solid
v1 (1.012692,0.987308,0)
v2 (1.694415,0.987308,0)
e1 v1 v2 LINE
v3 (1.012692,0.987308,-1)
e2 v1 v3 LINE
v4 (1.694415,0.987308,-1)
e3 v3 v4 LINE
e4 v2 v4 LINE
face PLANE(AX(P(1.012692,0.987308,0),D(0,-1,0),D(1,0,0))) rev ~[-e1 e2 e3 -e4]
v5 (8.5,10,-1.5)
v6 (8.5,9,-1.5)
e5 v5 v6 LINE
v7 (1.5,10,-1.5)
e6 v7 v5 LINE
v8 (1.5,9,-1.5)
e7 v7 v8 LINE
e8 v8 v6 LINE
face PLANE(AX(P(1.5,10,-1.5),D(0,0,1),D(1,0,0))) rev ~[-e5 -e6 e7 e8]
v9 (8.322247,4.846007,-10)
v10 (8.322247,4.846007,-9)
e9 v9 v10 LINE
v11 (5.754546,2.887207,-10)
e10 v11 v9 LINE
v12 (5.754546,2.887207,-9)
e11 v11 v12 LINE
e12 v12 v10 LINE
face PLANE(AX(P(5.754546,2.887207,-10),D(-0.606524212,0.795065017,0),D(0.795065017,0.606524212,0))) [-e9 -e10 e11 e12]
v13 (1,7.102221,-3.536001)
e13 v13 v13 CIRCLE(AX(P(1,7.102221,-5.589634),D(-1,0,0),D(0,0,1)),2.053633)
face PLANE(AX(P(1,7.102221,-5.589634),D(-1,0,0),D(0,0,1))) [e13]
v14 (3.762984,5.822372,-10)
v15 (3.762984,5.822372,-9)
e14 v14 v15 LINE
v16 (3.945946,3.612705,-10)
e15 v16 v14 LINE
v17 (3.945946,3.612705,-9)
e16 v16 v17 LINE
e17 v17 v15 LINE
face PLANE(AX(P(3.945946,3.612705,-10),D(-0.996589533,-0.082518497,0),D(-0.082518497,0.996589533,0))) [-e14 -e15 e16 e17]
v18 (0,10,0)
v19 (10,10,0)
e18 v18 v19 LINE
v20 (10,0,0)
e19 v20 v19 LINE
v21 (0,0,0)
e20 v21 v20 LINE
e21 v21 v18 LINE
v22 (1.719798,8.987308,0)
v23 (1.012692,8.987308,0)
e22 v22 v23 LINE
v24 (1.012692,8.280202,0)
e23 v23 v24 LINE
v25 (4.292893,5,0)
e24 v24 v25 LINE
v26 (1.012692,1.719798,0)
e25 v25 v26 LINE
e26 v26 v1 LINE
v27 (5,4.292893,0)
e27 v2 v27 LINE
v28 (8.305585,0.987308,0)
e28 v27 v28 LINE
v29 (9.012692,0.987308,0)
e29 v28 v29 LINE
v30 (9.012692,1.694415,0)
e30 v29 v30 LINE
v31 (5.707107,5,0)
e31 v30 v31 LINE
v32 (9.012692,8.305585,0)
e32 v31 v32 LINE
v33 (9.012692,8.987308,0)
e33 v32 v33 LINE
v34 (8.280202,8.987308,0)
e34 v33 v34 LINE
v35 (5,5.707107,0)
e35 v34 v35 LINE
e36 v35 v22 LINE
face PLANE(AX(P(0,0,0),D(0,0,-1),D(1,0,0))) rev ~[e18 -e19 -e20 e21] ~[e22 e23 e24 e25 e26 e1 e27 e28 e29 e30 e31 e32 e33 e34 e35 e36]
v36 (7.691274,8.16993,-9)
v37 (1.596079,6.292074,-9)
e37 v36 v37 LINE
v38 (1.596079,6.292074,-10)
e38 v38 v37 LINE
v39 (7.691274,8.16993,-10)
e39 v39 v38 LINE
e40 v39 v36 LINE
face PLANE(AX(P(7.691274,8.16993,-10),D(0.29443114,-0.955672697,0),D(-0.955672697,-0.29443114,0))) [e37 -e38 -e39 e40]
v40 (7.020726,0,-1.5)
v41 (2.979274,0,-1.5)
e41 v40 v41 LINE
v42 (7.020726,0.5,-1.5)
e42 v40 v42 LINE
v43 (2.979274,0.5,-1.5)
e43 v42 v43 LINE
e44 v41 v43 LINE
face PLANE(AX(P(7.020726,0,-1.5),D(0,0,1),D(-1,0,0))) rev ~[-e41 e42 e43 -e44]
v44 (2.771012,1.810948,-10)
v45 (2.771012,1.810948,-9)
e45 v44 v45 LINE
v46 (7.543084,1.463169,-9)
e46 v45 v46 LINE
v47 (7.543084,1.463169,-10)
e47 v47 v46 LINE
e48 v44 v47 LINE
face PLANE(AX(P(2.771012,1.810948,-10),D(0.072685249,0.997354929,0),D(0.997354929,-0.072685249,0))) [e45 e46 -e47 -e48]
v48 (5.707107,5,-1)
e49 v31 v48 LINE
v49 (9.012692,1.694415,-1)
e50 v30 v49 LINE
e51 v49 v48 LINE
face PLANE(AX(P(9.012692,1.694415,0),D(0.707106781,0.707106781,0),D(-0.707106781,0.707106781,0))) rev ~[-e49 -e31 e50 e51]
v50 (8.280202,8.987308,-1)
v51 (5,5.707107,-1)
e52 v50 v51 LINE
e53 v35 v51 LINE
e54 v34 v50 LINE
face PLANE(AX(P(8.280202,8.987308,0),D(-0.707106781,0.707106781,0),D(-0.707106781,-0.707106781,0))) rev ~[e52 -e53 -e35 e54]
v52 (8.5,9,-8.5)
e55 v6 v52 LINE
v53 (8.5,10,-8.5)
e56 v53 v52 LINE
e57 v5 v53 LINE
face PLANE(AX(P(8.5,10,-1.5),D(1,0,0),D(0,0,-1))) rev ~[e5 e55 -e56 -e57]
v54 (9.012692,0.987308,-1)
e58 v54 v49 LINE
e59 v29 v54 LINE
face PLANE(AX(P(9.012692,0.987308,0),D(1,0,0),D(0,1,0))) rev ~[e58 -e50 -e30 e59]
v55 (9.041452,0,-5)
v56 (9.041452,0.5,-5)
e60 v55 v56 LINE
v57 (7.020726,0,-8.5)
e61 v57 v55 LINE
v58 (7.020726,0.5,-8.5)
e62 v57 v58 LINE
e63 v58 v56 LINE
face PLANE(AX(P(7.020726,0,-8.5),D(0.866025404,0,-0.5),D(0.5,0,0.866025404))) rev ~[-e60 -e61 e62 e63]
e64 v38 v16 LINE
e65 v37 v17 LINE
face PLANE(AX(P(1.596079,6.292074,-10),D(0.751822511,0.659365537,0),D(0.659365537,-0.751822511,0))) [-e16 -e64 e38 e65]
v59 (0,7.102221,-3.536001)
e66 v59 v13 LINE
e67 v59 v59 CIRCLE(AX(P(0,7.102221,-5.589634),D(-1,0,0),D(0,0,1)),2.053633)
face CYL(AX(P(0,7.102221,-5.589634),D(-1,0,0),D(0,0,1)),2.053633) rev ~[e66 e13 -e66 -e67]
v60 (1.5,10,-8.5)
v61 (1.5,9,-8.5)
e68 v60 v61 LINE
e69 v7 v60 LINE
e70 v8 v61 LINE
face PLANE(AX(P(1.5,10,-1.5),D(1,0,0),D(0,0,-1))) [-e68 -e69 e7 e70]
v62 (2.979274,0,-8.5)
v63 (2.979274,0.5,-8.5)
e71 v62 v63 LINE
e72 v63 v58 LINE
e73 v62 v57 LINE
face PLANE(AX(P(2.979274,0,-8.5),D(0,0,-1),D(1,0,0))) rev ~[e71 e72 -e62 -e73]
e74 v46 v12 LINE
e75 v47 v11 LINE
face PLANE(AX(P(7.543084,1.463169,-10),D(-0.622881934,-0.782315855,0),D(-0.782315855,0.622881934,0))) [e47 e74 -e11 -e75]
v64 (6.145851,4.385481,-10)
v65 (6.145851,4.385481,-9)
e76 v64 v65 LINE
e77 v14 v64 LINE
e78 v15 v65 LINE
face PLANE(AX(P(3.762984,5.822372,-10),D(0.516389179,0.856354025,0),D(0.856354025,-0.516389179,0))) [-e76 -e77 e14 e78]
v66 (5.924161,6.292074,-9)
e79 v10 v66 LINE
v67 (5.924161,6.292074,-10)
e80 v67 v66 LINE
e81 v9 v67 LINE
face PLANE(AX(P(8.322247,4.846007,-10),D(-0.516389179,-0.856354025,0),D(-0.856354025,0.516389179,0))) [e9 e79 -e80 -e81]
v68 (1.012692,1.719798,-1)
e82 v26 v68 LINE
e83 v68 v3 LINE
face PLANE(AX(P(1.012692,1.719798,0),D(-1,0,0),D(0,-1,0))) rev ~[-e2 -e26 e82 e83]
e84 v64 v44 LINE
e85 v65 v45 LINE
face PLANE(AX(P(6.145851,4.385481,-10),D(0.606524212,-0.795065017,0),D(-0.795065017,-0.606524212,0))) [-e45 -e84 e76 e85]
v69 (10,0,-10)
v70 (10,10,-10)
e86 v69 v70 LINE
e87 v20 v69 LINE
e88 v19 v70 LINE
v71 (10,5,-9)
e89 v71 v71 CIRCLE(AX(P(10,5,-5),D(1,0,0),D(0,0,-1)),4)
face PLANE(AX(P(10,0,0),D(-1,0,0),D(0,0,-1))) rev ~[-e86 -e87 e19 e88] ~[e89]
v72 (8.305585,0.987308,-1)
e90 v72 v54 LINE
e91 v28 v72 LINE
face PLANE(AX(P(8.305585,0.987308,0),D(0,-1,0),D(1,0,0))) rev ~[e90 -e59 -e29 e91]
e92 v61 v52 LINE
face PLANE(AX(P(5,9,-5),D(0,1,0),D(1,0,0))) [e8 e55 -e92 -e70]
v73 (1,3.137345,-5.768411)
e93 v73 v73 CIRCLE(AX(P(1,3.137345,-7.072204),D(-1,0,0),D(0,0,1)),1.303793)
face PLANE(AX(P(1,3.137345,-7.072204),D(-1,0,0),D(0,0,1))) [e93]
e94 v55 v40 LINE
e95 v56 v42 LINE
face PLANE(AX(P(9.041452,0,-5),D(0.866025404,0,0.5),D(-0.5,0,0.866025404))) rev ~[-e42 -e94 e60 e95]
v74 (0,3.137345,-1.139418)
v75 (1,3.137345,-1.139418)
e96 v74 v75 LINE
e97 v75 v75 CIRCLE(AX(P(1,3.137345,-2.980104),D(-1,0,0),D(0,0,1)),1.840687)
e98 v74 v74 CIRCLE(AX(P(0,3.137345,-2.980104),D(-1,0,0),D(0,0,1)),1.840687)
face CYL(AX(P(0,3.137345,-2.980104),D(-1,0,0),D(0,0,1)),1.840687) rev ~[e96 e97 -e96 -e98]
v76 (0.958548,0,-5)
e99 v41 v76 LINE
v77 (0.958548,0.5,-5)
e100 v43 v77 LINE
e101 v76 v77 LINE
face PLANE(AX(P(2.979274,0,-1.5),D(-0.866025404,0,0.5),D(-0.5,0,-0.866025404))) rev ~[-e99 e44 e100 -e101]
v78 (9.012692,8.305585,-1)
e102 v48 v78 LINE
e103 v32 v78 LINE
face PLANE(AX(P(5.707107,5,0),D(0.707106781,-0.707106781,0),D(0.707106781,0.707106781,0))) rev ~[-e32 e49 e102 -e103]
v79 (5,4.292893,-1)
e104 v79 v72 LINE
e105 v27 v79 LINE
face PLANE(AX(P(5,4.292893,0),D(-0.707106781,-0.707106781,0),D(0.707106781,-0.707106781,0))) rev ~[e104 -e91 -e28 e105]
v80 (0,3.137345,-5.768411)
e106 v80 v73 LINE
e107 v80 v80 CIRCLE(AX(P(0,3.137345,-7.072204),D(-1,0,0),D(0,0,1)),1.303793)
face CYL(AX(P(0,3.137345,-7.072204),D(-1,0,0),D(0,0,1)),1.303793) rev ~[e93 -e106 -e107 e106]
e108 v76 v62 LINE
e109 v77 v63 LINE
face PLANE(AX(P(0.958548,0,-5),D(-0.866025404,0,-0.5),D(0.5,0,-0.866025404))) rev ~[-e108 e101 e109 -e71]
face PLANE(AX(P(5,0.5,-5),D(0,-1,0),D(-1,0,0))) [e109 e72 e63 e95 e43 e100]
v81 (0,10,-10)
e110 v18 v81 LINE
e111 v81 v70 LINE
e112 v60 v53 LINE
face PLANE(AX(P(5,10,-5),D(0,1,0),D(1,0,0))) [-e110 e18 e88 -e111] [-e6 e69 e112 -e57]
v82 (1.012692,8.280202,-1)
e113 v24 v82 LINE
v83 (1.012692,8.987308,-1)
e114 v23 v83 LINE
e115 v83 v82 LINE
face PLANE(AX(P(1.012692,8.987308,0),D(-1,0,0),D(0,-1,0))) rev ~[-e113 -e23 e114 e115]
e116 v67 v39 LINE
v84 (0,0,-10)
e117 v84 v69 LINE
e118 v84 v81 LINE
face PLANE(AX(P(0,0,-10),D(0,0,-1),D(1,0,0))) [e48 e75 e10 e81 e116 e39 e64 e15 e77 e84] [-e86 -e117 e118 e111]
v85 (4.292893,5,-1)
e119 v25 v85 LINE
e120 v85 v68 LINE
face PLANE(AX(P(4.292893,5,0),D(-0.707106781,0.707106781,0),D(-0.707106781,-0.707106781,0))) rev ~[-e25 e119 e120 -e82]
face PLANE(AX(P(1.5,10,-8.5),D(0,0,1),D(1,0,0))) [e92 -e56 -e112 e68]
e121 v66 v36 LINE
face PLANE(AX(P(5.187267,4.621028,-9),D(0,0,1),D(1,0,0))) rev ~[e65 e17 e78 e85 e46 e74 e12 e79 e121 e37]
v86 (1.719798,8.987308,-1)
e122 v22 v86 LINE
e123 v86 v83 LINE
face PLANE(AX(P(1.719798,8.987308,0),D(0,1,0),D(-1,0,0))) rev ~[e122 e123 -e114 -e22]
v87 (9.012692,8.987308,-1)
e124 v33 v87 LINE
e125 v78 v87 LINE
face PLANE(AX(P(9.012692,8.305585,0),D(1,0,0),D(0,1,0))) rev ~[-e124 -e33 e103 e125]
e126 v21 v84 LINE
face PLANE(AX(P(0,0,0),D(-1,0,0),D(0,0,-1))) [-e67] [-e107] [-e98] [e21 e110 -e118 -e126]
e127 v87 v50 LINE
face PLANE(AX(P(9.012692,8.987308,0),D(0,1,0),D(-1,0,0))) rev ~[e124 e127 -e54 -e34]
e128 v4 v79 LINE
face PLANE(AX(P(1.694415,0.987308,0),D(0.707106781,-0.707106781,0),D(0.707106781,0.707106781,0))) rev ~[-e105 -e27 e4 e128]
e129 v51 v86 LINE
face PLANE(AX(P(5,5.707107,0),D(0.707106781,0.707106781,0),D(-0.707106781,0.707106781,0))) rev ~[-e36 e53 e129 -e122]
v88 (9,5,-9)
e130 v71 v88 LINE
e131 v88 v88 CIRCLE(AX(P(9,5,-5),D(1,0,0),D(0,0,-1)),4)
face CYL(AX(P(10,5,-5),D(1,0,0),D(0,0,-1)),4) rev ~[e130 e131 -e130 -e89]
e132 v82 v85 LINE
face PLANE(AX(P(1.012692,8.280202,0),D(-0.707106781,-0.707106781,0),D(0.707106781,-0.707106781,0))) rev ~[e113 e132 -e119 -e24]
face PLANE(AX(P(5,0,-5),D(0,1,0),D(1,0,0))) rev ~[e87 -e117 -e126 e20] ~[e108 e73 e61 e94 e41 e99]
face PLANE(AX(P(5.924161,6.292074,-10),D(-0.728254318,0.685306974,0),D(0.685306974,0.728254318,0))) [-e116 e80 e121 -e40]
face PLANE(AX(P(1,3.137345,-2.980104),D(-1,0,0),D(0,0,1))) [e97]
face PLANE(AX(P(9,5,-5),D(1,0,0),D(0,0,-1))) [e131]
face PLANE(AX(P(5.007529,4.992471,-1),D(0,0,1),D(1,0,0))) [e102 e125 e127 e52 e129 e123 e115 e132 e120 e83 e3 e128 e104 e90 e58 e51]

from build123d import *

# Parameters (mm, degrees)
SKETCH2_W           = 10
SKETCH2_H           = 10
BOSS_EXTRUDE1_DEPTH = 10
CUT_EXTRUDE1_DEPTH  = 1
SKETCH4_R           = 4
CUT_EXTRUDE2_DEPTH  = 1
SKETCH5_W           = 7
SKETCH5_H           = 7
CUT_EXTRUDE3_DEPTH  = 1
CUT_EXTRUDE4_DEPTH  = 1
SKETCH7_R           = 1.303792798
SKETCH7_R_2         = 2.05363311
SKETCH7_R_3         = 1.840686576
CUT_EXTRUDE5_DEPTH  = 1
CUT_EXTRUDE13_DEPTH = 0.5


with BuildPart() as part:
    # Sketch2 → Boss-Extrude1 (new body)
    with BuildSketch(Plane(origin=(0, 0, 0), x_dir=(1, 0, 0), z_dir=(0, 1, 0))):
        with Locations((5, 5)):
            Rectangle(SKETCH2_W, SKETCH2_H)
    extrude(amount=BOSS_EXTRUDE1_DEPTH)

    # Sketch3 → Cut-Extrude1 (cut)
    with BuildSketch(Plane.XY):
        Polygon((8.305584857, 0.987308362), (9.012691638, 0.987308362), (9.012691638, 1.694415143), (5.707106781, 5), (9.012691638, 8.305584857), (9.012691638, 8.987308362), (8.280201581, 8.987308362), (5, 5.707106781), (1.719798419, 8.987308362), (1.012691638, 8.987308362), (1.012691638, 8.280201581), (4.292893219, 5), (1.012691638, 1.719798419), (1.012691638, 0.987308362), (1.694415143, 0.987308362), (5, 4.292893219), align=None)
    extrude(amount=-CUT_EXTRUDE1_DEPTH, mode=Mode.SUBTRACT)

    # Sketch4 → Cut-Extrude2 (cut)
    with BuildSketch(Plane(origin=(10, 0, 0), x_dir=(0, 0, -1), z_dir=(1, 0, 0))):
        with Locations((5, 5)):
            Circle(SKETCH4_R)
    extrude(amount=-CUT_EXTRUDE2_DEPTH, mode=Mode.SUBTRACT)

    # Sketch5 → Cut-Extrude3 (cut)
    with BuildSketch(Plane(origin=(0, 10, 0), x_dir=(1, 0, 0), z_dir=(0, 1, 0))):
        with Locations((5, 5)):
            Rectangle(SKETCH5_W, SKETCH5_H)
    extrude(amount=-CUT_EXTRUDE3_DEPTH, mode=Mode.SUBTRACT)

    # Sketch6 → Cut-Extrude4 (cut)
    with BuildSketch(Plane(origin=(0, 0, -10), x_dir=(-1, 0, 0), z_dir=(0, 0, -1))):
        Polygon((-7.691273898, 8.169929887), (-1.596078599, 6.292074313), (-3.945946393, 3.612705427), (-3.762984072, 5.82237163), (-6.145851296, 4.385481263), (-2.771012496, 1.810947861), (-7.54308372, 1.463168774), (-5.754546035, 2.887207167), (-8.32224735, 4.846006741), (-5.924161107, 6.292074313), align=None)
    extrude(amount=-CUT_EXTRUDE4_DEPTH, mode=Mode.SUBTRACT)

    # Sketch7 → Cut-Extrude5 (cut)
    with BuildSketch(Plane.ZY):
        with Locations((-7.072203837, 3.137345215)):
            Circle(SKETCH7_R)
        with Locations((-5.589634204, 7.102221042)):
            Circle(SKETCH7_R_2)
        with Locations((-2.980104129, 3.137345215)):
            Circle(SKETCH7_R_3)
    extrude(amount=-CUT_EXTRUDE5_DEPTH, mode=Mode.SUBTRACT)

    # Sketch9 → Cut-Extrude13 (cut)
    with BuildSketch(Plane(origin=(0, 0, 0), x_dir=(-1, 0, 0), z_dir=(0, -1, 0))):
        Polygon((-9.041451884, 5), (-7.020725942, 1.5), (-2.979274058, 1.5), (-0.958548116, 5), (-2.979274058, 8.5), (-7.020725942, 8.5), align=None)
    extrude(amount=-CUT_EXTRUDE13_DEPTH, mode=Mode.SUBTRACT)


solid = part.part
